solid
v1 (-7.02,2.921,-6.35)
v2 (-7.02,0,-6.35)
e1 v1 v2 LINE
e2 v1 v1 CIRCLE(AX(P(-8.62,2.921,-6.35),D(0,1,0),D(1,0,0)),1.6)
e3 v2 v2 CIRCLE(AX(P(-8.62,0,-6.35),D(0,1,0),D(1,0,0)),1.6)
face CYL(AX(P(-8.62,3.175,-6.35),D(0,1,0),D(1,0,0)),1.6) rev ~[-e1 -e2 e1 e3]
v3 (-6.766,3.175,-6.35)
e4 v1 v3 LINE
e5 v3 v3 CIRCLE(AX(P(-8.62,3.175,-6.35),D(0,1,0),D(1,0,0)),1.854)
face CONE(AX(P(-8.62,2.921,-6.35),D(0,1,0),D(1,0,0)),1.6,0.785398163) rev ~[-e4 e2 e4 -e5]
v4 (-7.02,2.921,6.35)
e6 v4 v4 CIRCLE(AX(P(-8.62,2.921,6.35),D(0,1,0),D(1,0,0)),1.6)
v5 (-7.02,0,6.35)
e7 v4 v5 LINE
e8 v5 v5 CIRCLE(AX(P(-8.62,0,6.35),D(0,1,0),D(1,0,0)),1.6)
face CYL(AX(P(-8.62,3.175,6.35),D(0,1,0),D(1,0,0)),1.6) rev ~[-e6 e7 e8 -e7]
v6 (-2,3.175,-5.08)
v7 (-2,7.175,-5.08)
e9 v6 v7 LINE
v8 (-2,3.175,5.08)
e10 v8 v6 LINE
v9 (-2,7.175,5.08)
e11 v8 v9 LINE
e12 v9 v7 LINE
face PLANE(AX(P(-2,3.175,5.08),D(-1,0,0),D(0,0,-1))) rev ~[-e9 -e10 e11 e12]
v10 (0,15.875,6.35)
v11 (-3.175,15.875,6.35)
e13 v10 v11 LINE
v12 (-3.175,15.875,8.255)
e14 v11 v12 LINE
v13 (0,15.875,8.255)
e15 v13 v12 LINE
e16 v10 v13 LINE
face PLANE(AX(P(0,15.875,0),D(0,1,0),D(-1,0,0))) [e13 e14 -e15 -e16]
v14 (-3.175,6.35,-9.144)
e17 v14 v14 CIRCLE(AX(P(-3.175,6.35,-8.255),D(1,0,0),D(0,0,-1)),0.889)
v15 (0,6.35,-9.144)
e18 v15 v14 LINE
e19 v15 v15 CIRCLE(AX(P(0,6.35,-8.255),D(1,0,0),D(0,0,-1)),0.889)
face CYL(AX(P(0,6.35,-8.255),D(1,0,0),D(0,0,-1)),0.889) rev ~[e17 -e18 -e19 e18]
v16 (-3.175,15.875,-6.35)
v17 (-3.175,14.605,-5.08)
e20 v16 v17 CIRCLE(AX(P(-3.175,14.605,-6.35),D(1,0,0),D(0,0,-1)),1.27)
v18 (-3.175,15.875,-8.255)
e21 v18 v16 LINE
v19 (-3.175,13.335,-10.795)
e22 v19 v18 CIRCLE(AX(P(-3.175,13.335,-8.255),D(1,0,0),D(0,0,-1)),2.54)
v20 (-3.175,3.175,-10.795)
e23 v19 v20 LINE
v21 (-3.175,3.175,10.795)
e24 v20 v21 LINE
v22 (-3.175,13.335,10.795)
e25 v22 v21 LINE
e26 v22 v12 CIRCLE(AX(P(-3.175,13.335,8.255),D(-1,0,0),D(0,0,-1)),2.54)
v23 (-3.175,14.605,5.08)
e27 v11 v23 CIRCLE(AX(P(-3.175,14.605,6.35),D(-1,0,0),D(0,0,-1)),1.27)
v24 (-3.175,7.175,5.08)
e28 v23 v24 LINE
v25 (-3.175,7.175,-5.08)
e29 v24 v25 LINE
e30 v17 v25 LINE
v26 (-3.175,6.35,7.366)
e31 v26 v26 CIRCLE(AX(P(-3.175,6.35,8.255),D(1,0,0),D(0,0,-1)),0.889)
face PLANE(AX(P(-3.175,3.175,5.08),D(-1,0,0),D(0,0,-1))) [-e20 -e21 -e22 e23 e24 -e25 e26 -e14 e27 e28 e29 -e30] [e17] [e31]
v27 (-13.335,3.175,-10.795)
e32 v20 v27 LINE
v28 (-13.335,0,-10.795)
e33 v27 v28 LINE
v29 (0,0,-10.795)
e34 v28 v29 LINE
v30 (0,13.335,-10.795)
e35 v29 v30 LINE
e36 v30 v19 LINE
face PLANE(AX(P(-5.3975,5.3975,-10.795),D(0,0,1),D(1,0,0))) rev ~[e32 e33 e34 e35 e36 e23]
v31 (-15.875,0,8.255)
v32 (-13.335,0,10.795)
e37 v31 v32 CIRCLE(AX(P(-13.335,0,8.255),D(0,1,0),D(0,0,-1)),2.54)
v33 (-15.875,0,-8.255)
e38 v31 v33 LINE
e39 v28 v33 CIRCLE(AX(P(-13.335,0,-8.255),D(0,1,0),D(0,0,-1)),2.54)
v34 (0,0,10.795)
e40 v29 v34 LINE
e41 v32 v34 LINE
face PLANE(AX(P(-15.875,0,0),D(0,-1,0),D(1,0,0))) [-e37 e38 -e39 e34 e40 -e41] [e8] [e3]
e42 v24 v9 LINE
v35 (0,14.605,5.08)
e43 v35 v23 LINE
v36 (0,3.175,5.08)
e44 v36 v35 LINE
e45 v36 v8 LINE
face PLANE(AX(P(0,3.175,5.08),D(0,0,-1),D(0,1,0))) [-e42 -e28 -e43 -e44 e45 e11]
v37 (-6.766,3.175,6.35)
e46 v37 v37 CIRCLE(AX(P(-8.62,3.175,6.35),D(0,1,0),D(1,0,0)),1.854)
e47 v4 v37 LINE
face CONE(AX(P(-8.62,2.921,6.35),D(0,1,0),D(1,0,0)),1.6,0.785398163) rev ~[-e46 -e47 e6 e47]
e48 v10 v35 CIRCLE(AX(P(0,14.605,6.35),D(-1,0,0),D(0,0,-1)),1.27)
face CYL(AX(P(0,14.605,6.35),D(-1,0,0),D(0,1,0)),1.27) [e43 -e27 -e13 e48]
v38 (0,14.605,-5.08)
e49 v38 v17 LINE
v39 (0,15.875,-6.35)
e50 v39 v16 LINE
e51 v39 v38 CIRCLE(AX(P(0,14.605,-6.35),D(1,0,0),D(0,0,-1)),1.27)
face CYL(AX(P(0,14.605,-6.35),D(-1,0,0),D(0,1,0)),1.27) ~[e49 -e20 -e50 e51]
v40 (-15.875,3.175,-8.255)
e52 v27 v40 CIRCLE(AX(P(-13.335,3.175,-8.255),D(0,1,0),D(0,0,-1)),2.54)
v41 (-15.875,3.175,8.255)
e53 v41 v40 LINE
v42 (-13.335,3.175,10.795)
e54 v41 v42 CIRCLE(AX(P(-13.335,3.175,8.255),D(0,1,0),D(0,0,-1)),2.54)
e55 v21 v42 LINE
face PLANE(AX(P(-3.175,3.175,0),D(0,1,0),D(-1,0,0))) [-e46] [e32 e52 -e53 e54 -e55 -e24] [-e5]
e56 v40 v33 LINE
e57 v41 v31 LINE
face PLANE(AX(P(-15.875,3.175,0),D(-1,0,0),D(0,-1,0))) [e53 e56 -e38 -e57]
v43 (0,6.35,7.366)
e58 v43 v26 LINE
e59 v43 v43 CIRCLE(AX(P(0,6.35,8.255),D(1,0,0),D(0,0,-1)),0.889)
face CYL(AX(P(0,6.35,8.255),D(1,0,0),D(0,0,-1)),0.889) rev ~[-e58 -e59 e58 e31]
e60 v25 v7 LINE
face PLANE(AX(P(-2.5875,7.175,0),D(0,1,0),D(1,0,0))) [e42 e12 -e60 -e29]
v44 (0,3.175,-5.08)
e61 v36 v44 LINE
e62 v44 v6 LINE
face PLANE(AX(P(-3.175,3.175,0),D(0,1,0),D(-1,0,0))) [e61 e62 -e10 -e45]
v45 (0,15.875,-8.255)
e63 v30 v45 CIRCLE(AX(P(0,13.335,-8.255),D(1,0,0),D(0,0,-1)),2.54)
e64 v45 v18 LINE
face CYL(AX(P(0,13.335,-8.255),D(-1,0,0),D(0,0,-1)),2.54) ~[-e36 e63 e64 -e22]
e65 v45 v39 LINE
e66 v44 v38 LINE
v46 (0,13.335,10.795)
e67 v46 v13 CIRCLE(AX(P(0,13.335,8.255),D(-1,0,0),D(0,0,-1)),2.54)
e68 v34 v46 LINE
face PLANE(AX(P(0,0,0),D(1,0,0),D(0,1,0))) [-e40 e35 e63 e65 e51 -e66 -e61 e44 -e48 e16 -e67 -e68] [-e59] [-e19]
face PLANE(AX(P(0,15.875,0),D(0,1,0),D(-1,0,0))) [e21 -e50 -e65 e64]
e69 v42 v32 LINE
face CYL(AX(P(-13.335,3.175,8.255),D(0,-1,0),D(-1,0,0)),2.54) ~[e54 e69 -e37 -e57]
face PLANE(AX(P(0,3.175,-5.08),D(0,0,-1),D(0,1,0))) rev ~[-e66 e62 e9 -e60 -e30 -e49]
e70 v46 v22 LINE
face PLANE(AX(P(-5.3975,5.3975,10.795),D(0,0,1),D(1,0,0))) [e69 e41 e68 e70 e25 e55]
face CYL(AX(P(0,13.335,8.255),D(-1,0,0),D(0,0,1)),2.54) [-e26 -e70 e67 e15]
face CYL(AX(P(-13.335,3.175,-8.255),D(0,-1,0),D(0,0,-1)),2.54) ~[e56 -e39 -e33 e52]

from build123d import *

# Parameters (mm, degrees)
BOSS_EXTRUDE1_DEPTH = 10.795
SKETCH2_R           = 0.889
SKETCH2_W           = 10.16
SKETCH2_H           = 12.7
CUT_EXTRUDE1_DEPTH  = 16.875
SKETCH3_R           = 1.6
CUT_EXTRUDE2_DEPTH  = 4.175
SKETCH5_W           = 1.175
SKETCH5_H           = 10.16
BOSS_EXTRUDE2_DEPTH = 4
CHAMFER1_SIZE       = 0.254
FILLET1_R           = 2.54
FILLET2_R           = 1.27


with BuildPart() as part:
    # Sketch1 → Boss-Extrude1 (new body, symmetric)
    with BuildSketch(Plane.XY):
        Polygon((-15.875, 0), (0, 0), (0, 15.875), (-3.175, 15.875), (-3.175, 3.175), (-15.875, 3.175), align=None)
    extrude(amount=BOSS_EXTRUDE1_DEPTH, both=True)

    # Sketch2 → Cut-Extrude1 (cut, through all)
    with BuildSketch(Plane(origin=(0, 0, 0), x_dir=(0, 0, -1), z_dir=(1, 0, 0))):
        with Locations((-8.255, 6.35)):
            Circle(SKETCH2_R)
        with Locations((8.255, 6.35)):
            Circle(SKETCH2_R)
        with Locations((0, 9.525)):
            Rectangle(SKETCH2_W, SKETCH2_H)
    extrude(amount=-CUT_EXTRUDE1_DEPTH, mode=Mode.SUBTRACT)

    # Sketch3 → Cut-Extrude2 (cut, through all)
    with BuildSketch(Plane(origin=(0, 3.175, 0), x_dir=(1, 0, 0), z_dir=(0, 1, 0))):
        with Locations((-8.62, 6.35)):
            Circle(SKETCH3_R)
        with Locations((-8.62, -6.35)):
            Circle(SKETCH3_R)
    extrude(amount=-CUT_EXTRUDE2_DEPTH, mode=Mode.SUBTRACT)

    # Sketch5 → Boss-Extrude2 (add)
    with BuildSketch(Plane(origin=(0, 3.175, 0), x_dir=(1, 0, 0), z_dir=(0, 1, 0))):
        with Locations((-2.5875, 0)):
            Rectangle(SKETCH5_W, SKETCH5_H)
    extrude(amount=BOSS_EXTRUDE2_DEPTH)

    # Chamfer1
    chamfer1_edges = [part.edges().sort_by_distance(p)[0] for p in [
        (-10.22, 3.175, -6.35),
        (-10.22, 3.175, 6.35),
    ]]
    chamfer(chamfer1_edges, length=CHAMFER1_SIZE)

    # Fillet1
    fillet1_edges = [part.edges().sort_by_distance(p)[0] for p in [
        (-1.5875, 15.875, 10.795),
        (-15.875, 1.5875, 10.795),
        (-1.5875, 15.875, -10.795),
        (-15.875, 1.5875, -10.795),
    ]]
    fillet(fillet1_edges, radius=FILLET1_R)

    # Fillet2
    fillet2_edges = [part.edges().sort_by_distance(p)[0] for p in [
        (-1.5875, 15.875, 5.08),
        (-1.5875, 15.875, -5.08),
    ]]
    fillet(fillet2_edges, radius=FILLET2_R)


solid = part.part
